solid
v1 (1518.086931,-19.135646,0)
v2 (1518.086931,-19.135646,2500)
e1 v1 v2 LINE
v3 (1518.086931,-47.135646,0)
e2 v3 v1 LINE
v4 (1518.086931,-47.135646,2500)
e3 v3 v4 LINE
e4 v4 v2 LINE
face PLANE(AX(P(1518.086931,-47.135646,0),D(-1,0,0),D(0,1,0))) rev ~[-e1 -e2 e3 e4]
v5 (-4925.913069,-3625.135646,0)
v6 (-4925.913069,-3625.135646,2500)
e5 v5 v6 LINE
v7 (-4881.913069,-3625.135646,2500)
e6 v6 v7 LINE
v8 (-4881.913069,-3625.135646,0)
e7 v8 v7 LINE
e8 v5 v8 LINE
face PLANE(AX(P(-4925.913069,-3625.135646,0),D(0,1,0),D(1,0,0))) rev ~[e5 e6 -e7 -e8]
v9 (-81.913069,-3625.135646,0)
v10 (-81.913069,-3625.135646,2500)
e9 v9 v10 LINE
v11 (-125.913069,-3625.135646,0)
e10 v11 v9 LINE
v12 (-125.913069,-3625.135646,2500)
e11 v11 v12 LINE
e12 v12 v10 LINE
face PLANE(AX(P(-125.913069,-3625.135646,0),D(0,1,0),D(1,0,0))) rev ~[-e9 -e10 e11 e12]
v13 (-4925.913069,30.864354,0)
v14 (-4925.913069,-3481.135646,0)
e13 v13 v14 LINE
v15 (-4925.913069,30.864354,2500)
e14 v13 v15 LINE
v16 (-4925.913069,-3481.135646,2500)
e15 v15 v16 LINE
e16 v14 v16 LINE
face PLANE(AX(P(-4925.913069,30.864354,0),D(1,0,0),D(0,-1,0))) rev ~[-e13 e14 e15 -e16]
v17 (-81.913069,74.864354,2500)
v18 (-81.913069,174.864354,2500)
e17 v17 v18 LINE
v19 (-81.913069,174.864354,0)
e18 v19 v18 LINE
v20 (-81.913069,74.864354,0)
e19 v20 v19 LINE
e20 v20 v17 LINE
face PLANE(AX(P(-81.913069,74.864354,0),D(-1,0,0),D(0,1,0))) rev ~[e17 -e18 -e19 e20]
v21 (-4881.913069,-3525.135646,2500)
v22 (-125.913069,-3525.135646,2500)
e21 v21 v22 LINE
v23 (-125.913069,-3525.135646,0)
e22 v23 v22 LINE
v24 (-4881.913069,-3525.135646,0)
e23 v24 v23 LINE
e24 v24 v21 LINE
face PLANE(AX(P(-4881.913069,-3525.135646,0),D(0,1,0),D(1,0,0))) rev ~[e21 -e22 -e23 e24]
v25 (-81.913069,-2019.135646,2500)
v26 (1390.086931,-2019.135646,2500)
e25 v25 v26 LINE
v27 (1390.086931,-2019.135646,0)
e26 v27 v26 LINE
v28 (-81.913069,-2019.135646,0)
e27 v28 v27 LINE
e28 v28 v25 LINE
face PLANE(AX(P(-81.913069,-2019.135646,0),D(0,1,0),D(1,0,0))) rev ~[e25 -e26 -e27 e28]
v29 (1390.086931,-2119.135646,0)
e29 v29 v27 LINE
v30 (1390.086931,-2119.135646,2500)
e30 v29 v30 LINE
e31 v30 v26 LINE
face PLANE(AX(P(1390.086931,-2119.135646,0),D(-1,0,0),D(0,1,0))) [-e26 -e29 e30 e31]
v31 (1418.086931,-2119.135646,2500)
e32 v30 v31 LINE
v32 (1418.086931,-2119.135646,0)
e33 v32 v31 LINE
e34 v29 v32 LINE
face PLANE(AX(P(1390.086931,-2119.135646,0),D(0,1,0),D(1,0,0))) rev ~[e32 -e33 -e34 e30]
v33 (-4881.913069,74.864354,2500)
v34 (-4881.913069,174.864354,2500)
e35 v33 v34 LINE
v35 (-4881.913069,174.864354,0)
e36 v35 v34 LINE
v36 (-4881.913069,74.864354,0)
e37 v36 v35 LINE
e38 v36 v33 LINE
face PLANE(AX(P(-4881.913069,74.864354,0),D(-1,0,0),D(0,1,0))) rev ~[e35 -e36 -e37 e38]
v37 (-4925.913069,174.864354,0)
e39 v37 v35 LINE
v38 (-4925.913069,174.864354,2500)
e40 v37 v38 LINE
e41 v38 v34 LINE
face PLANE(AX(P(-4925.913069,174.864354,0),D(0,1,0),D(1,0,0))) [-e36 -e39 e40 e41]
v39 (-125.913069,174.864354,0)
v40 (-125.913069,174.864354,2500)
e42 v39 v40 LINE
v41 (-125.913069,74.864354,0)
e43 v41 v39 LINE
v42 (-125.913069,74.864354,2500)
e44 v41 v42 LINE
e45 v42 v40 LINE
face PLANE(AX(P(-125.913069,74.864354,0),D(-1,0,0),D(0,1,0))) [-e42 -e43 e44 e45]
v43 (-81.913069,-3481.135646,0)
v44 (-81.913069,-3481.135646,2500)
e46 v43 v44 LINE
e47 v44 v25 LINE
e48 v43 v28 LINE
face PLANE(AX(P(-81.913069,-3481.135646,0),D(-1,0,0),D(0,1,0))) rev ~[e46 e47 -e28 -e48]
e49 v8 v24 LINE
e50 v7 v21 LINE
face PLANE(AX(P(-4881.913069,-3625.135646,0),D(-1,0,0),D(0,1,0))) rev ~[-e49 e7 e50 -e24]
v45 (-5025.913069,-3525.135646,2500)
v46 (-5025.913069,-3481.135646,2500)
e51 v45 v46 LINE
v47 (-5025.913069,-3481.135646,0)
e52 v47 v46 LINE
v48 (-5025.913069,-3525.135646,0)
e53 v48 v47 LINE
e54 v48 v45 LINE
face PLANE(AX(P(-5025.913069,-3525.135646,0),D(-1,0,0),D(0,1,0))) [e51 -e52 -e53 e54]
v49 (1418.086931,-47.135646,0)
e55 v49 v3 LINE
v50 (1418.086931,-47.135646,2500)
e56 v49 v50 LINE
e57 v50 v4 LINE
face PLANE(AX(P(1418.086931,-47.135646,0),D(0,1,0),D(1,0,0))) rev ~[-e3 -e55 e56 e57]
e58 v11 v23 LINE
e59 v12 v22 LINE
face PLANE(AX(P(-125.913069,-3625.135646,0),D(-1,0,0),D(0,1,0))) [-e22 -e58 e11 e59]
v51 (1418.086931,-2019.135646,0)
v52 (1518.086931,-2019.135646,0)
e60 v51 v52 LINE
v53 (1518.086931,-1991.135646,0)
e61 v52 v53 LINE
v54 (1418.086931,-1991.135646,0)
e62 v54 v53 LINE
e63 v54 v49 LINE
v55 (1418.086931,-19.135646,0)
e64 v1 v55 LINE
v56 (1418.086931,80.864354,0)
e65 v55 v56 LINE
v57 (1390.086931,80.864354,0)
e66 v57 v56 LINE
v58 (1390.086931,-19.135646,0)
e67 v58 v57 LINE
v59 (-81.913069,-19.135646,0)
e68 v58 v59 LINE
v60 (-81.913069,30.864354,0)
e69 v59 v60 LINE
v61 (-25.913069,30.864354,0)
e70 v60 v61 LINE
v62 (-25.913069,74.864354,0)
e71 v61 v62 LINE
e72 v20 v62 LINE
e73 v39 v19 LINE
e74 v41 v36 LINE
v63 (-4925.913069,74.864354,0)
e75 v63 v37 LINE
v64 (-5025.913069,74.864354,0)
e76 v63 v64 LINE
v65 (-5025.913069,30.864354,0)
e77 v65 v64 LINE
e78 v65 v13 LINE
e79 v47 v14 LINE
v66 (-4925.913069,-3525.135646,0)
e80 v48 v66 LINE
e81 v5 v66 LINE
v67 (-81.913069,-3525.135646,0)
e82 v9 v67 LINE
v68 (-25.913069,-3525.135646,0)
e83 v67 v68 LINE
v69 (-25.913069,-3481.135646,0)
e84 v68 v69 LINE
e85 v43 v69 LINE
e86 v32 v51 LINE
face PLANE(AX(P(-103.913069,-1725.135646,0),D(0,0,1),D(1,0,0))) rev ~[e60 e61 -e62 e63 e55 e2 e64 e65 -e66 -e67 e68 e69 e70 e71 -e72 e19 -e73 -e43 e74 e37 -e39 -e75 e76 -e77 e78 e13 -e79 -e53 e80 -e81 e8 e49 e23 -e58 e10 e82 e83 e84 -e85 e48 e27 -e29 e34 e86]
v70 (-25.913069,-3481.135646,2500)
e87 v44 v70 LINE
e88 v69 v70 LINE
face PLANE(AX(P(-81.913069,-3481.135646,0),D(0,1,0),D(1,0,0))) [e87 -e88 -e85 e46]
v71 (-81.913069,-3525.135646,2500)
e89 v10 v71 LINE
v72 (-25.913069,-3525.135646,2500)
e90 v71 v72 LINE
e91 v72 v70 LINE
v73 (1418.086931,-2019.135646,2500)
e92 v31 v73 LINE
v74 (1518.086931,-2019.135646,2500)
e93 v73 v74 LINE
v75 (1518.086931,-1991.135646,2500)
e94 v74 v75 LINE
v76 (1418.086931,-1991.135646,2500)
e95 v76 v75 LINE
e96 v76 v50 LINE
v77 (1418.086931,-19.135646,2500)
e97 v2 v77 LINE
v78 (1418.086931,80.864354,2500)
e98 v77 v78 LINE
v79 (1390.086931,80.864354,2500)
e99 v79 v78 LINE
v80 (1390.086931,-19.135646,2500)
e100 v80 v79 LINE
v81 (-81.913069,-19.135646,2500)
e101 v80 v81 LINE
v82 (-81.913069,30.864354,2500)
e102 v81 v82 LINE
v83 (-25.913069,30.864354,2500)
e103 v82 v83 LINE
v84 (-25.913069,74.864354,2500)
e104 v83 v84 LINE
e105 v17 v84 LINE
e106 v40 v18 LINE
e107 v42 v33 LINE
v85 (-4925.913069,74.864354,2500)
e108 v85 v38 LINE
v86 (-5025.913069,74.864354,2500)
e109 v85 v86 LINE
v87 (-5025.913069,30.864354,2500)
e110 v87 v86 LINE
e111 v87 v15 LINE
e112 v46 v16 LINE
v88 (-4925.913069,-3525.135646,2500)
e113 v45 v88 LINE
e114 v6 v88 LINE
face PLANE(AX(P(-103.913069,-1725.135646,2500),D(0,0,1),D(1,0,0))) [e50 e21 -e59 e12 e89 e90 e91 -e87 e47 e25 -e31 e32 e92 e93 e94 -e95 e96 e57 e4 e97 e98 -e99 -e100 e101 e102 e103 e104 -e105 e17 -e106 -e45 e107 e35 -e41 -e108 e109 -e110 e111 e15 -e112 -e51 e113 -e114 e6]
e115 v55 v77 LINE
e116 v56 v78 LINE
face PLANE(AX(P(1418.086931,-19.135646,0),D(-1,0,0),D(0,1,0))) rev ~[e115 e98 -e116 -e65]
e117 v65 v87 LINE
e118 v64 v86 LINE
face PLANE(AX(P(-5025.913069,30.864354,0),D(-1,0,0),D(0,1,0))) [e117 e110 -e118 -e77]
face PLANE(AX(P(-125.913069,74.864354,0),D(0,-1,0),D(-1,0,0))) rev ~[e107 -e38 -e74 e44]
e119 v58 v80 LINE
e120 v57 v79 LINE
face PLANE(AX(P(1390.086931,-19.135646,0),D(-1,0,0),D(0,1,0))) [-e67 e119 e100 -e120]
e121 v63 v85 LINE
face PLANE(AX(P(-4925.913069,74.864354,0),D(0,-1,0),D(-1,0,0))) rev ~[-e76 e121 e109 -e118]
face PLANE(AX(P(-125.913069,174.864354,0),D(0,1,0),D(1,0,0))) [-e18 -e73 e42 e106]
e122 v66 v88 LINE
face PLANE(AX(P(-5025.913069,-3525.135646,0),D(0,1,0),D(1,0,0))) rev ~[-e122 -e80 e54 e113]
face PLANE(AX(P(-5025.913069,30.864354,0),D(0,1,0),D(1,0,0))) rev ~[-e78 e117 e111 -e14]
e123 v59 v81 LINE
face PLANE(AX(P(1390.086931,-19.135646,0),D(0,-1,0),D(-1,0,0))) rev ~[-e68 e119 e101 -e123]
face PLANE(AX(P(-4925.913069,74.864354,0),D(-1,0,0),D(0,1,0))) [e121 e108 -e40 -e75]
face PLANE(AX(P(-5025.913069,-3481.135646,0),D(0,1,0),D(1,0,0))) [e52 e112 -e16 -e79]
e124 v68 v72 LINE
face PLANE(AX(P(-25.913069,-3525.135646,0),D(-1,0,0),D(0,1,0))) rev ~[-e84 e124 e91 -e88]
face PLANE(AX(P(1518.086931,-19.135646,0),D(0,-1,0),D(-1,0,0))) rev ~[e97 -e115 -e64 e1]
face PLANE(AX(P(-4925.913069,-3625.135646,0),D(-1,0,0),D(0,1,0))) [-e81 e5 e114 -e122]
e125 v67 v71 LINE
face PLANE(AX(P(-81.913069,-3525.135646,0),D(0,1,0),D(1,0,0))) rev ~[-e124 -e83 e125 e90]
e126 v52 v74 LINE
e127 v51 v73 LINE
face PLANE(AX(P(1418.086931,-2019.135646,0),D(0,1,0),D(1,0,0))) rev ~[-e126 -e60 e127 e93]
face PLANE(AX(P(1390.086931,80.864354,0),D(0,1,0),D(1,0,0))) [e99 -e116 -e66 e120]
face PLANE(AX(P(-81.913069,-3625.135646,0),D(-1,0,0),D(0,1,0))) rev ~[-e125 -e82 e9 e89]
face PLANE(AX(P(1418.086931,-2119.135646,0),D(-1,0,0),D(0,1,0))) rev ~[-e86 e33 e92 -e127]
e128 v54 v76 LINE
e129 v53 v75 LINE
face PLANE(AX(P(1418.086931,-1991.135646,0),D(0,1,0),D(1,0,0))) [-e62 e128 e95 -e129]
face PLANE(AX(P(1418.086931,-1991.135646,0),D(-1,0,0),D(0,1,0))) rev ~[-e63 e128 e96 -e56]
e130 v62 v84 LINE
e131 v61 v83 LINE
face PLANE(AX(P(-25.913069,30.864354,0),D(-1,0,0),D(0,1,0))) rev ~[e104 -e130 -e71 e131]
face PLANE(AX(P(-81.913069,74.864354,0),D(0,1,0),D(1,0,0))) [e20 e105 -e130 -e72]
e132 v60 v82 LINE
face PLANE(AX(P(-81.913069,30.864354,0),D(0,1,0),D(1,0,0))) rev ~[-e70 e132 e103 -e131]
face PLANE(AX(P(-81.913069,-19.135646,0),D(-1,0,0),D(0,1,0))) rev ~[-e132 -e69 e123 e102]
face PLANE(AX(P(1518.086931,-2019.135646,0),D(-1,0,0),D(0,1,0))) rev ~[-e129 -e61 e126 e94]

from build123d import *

# Parameters (mm, degrees)
F0_W     = 4756
F0_H     = 3512
F0_W_2   = 44
F0_W_3   = 1472
F0_H_2   = 1944
F0_W_4   = 28
F0_H_3   = 28
F0_H_4   = 44
F0_W_5   = 100
F0_H_5   = 100
F0_W_6   = 56
F1_DEPTH = 2500


with BuildPart() as f1:
    # F0 (on Top) → F1 (new body)
    with BuildSketch(Plane.XY):
        Polygon((-81.9130690247, 30.8643540591), (-125.9130690247, 30.8643540591), (-125.9130690247, -3481.1356459409), (-81.9130690247, -3481.1356459409), (-81.9130690247, -2019.1356459409), (-81.9130690247, -1991.1356459409), (-81.9130690247, -47.1356459409), (-81.9130690247, -19.1356459409), align=None)
        with Locations((-2503.9130690247, -1725.1356459409)):
            Rectangle(F0_W, F0_H)
        with Locations((-4903.9130690247, -1725.1356459409)):
            Rectangle(F0_W_2, F0_H)
        with Locations((654.0869309753, -1019.1356459409)):
            Rectangle(F0_W_3, F0_H_2)
        with Locations((1404.0869309753, -33.1356459409)):
            Rectangle(F0_W_4, F0_H_3)
        with Locations((-103.9130690247, -3503.1356459409)):
            Rectangle(F0_W_2, F0_H_4)
        with Locations((-4903.9130690247, 52.8643540591)):
            Rectangle(F0_W_2, F0_H_4)
        with Locations((1404.0869309753, -1019.1356459409)):
            Rectangle(F0_W_4, F0_H_2)
        with Locations((654.0869309753, -33.1356459409)):
            Rectangle(F0_W_3, F0_H_3)
        with Locations((1404.0869309753, -2005.1356459409)):
            Rectangle(F0_W_4, F0_H_3)
        with Locations((-2503.9130690247, -3503.1356459409)):
            Rectangle(F0_W, F0_H_4)
        with Locations((-4975.9130690247, 52.8643540591)):
            Rectangle(F0_W_5, F0_H_4)
        with Locations((-4903.9130690247, -3503.1356459409)):
            Rectangle(F0_W_2, F0_H_4)
        with Locations((-4975.9130690247, -3503.1356459409)):
            Rectangle(F0_W_5, F0_H_4)
        with Locations((654.0869309753, -2005.1356459409)):
            Rectangle(F0_W_3, F0_H_3)
        with Locations((1468.0869309753, -33.1356459409)):
            Rectangle(F0_W_5, F0_H_3)
        with Locations((1468.0869309753, -2005.1356459409)):
            Rectangle(F0_W_5, F0_H_3)
        with Locations((-2503.9130690247, 52.8643540591)):
            Rectangle(F0_W, F0_H_4)
        with Locations((-4903.9130690247, 124.8643540591)):
            Rectangle(F0_W_2, F0_H_5)
        with Locations((-103.9130690247, 124.8643540591)):
            Rectangle(F0_W_2, F0_H_5)
        with Locations((-103.9130690247, 52.8643540591)):
            Rectangle(F0_W_2, F0_H_4)
        with Locations((-4903.9130690247, -3575.1356459409)):
            Rectangle(F0_W_2, F0_H_5)
        with Locations((-103.9130690247, -3575.1356459409)):
            Rectangle(F0_W_2, F0_H_5)
        with Locations((-53.9130690247, -3503.1356459409)):
            Rectangle(F0_W_6, F0_H_4)
        with Locations((1404.0869309753, 30.8643540591)):
            Rectangle(F0_W_4, F0_H_5)
        with Locations((1404.0869309753, -2069.1356459409)):
            Rectangle(F0_W_4, F0_H_5)
        with Locations((-53.9130690247, 52.8643540591)):
            Rectangle(F0_W_6, F0_H_4)
    extrude(amount=F1_DEPTH)


solid = f1.part
